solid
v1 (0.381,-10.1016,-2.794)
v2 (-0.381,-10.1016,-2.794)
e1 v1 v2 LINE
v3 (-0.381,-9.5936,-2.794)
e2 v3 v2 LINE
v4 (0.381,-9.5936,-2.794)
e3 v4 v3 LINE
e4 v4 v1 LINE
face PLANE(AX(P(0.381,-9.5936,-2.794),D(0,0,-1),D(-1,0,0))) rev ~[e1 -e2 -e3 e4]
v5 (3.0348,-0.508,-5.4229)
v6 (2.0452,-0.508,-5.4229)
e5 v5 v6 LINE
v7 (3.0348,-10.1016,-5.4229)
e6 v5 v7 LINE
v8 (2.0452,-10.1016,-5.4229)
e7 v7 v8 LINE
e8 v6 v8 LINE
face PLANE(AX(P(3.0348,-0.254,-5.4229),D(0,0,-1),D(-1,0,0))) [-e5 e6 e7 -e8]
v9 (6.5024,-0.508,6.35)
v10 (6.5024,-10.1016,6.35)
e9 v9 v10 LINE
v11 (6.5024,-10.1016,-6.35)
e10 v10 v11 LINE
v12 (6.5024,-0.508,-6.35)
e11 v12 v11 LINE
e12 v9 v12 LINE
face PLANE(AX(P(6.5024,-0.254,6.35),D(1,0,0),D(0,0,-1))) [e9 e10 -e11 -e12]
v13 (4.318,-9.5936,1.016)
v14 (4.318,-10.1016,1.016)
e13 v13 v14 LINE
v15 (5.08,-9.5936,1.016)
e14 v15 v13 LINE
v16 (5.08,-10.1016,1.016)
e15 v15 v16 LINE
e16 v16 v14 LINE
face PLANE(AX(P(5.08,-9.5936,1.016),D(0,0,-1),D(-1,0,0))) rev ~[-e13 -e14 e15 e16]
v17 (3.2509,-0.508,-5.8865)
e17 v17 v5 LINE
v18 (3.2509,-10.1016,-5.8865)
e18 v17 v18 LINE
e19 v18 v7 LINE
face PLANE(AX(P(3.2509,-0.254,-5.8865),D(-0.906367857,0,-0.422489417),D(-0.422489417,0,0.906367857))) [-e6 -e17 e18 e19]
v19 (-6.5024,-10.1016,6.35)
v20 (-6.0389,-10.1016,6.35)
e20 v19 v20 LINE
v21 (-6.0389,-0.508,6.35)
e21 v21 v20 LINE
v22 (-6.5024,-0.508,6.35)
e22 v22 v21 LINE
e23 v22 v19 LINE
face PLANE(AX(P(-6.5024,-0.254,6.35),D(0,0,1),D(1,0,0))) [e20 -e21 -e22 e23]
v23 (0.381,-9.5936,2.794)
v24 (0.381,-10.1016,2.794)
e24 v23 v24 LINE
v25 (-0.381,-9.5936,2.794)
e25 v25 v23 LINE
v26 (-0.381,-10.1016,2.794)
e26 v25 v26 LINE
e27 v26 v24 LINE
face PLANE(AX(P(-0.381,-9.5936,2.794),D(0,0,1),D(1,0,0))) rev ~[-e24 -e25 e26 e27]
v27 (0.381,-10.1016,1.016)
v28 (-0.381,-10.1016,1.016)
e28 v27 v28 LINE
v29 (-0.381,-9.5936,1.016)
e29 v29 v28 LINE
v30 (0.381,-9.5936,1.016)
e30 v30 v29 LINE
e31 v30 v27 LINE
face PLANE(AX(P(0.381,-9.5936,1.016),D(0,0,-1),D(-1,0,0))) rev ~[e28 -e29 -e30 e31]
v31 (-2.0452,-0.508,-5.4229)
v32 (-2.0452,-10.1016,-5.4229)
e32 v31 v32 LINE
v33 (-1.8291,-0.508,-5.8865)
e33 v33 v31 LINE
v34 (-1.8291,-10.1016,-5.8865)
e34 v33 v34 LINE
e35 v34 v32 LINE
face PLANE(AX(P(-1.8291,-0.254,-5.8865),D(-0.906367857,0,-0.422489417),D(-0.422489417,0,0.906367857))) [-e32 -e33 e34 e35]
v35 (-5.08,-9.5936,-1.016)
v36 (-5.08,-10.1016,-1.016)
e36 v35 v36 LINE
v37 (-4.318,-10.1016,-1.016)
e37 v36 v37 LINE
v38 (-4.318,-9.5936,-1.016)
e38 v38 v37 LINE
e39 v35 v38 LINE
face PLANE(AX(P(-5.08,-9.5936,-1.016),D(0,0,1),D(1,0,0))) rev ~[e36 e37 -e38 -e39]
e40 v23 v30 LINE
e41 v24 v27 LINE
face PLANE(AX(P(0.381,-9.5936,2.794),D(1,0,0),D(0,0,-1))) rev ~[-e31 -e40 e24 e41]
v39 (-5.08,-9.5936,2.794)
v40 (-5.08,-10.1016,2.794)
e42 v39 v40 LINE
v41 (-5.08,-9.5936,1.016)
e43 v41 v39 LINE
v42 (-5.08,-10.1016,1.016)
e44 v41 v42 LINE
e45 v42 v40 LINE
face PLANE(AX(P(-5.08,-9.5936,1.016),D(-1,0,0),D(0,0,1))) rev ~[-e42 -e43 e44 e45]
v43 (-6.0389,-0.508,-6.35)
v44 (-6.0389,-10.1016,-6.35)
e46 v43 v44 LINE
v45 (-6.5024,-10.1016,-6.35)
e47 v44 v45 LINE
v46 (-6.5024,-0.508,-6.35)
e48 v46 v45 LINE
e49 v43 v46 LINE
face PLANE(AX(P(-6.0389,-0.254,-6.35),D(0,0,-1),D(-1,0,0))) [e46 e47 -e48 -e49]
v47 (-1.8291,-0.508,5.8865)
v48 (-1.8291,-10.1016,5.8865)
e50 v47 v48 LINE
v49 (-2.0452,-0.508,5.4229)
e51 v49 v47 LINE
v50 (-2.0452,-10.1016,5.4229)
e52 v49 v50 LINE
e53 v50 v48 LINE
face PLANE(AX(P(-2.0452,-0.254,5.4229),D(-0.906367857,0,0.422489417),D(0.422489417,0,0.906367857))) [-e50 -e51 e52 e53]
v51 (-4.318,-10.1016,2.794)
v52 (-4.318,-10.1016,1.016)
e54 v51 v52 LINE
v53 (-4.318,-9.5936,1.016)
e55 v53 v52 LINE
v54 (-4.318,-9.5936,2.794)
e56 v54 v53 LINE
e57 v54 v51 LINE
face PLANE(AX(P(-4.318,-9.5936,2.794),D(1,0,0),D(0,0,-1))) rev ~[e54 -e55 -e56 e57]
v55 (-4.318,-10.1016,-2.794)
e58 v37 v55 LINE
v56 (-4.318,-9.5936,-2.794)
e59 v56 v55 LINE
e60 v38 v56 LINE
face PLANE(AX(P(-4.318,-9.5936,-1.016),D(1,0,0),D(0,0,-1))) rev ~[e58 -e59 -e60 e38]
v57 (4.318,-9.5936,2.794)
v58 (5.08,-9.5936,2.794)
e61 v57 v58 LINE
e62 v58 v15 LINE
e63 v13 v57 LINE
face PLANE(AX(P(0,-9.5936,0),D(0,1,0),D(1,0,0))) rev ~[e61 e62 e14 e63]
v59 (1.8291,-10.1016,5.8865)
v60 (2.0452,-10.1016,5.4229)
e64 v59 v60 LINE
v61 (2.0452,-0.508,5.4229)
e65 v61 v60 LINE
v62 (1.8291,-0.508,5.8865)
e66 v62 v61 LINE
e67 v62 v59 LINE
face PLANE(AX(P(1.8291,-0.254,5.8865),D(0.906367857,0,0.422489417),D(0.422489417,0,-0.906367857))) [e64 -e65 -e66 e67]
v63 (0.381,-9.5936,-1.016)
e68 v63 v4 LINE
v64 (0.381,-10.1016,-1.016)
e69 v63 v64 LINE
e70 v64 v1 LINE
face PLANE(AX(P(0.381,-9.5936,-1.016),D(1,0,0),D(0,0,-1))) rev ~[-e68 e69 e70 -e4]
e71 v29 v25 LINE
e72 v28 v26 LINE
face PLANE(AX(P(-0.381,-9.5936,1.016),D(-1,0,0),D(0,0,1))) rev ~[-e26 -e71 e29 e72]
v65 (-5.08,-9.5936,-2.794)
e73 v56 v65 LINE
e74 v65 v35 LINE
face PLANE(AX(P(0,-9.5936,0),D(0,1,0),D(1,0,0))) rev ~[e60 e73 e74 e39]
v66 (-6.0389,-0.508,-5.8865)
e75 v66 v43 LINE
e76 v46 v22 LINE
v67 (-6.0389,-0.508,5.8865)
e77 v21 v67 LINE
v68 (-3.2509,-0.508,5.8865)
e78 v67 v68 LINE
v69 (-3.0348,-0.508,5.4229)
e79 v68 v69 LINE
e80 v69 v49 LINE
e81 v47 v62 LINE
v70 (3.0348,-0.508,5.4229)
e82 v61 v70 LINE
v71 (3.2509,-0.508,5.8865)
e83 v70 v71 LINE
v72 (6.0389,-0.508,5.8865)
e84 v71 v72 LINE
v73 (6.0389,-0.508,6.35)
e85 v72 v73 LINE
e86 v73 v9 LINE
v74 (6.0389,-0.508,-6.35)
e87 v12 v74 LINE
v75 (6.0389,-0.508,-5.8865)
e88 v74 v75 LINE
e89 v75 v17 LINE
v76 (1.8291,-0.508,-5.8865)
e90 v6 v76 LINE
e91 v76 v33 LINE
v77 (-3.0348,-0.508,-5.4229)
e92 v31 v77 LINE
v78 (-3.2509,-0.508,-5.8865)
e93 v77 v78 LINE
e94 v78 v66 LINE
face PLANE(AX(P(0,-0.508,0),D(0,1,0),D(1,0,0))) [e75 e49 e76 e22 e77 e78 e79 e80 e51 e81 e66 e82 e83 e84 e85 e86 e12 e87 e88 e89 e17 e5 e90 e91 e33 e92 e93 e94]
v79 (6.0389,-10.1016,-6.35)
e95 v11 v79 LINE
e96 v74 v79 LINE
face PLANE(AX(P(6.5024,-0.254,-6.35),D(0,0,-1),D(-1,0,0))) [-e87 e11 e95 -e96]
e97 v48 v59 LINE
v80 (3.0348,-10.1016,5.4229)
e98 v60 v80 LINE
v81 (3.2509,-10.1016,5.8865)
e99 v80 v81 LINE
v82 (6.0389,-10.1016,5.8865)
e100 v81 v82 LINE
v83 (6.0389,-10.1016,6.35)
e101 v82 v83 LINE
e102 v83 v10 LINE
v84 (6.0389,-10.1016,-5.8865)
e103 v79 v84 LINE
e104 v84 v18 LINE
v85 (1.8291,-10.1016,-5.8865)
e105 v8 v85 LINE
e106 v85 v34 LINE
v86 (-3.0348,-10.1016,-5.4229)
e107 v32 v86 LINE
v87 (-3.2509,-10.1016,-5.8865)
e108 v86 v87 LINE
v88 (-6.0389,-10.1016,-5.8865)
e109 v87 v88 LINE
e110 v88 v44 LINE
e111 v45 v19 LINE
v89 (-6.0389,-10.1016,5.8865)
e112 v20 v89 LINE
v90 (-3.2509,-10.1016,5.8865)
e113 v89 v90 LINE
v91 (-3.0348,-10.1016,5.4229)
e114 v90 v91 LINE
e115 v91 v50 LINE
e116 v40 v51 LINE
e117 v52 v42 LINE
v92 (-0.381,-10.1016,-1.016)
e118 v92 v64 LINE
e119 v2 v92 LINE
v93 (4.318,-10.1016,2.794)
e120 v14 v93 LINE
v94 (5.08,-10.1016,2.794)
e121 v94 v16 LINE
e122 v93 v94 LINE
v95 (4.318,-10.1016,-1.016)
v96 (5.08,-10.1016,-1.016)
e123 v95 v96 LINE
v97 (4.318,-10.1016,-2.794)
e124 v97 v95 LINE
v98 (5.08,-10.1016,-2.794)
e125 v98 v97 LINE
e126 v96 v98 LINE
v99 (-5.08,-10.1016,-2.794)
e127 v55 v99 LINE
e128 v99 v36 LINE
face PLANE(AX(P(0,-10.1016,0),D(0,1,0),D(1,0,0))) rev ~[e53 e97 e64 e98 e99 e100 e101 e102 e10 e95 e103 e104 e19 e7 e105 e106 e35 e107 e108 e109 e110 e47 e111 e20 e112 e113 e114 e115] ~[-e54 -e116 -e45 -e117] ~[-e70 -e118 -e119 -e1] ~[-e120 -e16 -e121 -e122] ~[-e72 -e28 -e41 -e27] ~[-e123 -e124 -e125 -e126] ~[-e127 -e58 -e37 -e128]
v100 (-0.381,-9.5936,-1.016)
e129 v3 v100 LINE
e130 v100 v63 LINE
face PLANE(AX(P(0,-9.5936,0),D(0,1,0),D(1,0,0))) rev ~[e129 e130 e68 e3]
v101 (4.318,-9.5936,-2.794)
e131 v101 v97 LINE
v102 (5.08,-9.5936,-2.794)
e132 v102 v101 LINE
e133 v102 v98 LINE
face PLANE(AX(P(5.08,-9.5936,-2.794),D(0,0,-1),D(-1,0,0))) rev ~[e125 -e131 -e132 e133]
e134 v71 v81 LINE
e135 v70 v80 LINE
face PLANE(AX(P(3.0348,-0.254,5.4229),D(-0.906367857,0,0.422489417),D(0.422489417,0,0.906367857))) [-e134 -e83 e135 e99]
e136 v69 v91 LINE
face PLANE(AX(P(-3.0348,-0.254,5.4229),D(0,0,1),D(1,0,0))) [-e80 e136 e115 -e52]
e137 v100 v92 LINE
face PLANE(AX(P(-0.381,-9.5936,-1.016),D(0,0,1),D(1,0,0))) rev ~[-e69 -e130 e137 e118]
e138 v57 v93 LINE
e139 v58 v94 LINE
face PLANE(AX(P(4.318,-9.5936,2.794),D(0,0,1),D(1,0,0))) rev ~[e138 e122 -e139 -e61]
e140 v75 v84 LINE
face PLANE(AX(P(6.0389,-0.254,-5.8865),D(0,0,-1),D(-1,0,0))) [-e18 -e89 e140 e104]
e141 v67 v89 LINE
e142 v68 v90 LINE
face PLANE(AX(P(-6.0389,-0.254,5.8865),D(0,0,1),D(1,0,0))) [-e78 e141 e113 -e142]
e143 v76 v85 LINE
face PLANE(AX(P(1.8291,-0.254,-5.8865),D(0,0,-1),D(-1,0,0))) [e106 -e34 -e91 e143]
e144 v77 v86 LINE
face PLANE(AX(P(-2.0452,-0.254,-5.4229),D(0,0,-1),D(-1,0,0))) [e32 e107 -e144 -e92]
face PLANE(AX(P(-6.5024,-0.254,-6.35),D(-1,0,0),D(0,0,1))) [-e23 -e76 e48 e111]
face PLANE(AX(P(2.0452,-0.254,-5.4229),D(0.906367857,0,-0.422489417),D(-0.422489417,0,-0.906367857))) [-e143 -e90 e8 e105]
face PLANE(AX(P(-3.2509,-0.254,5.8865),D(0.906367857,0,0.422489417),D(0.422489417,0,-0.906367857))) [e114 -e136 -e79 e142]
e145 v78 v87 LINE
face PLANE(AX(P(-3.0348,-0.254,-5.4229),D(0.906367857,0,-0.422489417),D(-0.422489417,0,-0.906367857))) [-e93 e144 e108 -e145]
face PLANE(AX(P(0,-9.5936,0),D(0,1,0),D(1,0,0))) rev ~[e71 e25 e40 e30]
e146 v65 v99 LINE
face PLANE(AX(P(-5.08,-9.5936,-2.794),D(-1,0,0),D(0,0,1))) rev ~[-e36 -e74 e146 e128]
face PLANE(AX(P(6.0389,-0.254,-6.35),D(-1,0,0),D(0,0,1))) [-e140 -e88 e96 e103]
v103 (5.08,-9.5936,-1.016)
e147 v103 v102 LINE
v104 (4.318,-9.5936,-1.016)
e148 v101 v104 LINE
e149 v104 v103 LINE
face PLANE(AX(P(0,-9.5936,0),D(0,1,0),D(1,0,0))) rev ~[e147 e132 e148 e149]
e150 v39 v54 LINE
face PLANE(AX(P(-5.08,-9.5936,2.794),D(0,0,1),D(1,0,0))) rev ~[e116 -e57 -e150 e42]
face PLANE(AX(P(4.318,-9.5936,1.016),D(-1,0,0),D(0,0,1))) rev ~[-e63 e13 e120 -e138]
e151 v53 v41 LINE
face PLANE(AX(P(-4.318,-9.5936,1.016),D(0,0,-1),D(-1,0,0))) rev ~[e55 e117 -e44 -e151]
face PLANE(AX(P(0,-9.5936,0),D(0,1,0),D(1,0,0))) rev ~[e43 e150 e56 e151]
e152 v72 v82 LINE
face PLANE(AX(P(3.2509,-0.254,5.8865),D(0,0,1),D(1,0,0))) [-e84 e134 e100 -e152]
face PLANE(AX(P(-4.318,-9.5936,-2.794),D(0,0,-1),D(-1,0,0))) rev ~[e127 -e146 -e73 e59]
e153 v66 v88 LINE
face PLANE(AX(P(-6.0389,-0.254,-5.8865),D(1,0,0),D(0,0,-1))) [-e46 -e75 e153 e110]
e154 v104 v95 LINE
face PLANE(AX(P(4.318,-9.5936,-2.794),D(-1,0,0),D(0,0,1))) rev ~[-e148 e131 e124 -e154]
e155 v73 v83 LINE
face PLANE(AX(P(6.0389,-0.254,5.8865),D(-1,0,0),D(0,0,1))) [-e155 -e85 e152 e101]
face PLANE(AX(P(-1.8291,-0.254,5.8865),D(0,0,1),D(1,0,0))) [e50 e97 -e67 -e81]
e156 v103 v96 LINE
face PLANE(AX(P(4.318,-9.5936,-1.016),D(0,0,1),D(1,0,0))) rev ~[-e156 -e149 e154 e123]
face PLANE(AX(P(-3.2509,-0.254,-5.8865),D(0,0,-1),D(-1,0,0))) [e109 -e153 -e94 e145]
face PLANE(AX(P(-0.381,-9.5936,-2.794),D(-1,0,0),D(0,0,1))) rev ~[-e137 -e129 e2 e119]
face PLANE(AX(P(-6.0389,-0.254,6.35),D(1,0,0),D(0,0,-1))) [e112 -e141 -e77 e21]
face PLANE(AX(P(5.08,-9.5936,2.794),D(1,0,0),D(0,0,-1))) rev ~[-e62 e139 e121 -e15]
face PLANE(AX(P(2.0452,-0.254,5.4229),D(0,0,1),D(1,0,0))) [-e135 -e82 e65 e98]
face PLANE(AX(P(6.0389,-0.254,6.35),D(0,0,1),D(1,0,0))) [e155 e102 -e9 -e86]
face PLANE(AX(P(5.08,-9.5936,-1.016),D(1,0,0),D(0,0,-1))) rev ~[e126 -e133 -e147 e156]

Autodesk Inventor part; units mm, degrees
sketch "Sketch_2" plane through (0, -0.254, 0) normal (0, 1, 0) x (1, 0, 0)
  line L0 (-6.5024, -6.35) -> (-6.0389, -6.35)
  line L1 (-6.0389, -6.35) -> (-6.0389, -5.8865)
  line L2 (-6.0389, -5.8865) -> (-3.2509, -5.8865)
  line L3 (-3.2509, -5.8865) -> (-3.0348, -5.4229)
  line L4 (-3.0348, -5.4229) -> (-2.0452, -5.4229)
  line L5 (-2.0452, -5.4229) -> (-1.8291, -5.8865)
  line L6 (-1.8291, -5.8865) -> (1.8291, -5.8865)
  line L7 (1.8291, -5.8865) -> (2.0452, -5.4229)
  line L8 (2.0452, -5.4229) -> (3.0348, -5.4229)
  line L9 (3.0348, -5.4229) -> (3.2509, -5.8865)
  line L10 (3.2509, -5.8865) -> (6.0389, -5.8865)
  line L11 (6.0389, -5.8865) -> (6.0389, -6.35)
  line L12 (6.0389, -6.35) -> (6.5024, -6.35)
  line L13 (6.5024, -6.35) -> (6.5024, 6.35)
  line L14 (6.5024, 6.35) -> (6.0389, 6.35)
  line L15 (6.0389, 6.35) -> (6.0389, 5.8865)
  line L16 (6.0389, 5.8865) -> (3.2509, 5.8865)
  line L17 (3.2509, 5.8865) -> (3.0348, 5.4229)
  line L18 (3.0348, 5.4229) -> (2.0452, 5.4229)
  line L19 (2.0452, 5.4229) -> (1.8291, 5.8865)
  line L20 (1.8291, 5.8865) -> (-1.8291, 5.8865)
  line L21 (-1.8291, 5.8865) -> (-2.0452, 5.4229)
  line L22 (-2.0452, 5.4229) -> (-3.0348, 5.4229)
  line L23 (-3.0348, 5.4229) -> (-3.2509, 5.8865)
  line L24 (-3.2509, 5.8865) -> (-6.0389, 5.8865)
  line L25 (-6.0389, 5.8865) -> (-6.0389, 6.35)
  line L26 (-6.0389, 6.35) -> (-6.5024, 6.35)
  line L27 (-6.5024, 6.35) -> (-6.5024, -6.35)
extrude "Extrusion1" add sketch "Sketch_2" against normal blind 9.8476
sketch "Sketch_8" plane through (0, -9.5936, 0) normal (0, 1, 0) x (1, 0, 0)
  line L0 (-5.08, -2.794) -> (-4.318, -2.794)
  line L1 (-4.318, -2.794) -> (-4.318, -1.016)
  line L2 (-4.318, -1.016) -> (-5.08, -1.016)
  line L3 (-5.08, -1.016) -> (-5.08, -2.794)
extrude "Extrusion2" cut sketch "Sketch_8" against normal blind 25.4
sketch "Sketch_5" plane through (0, -9.5936, 0) normal (0, 1, 0) x (1, 0, 0)
  line L0 (-0.381, -2.794) -> (0.381, -2.794)
  line L1 (0.381, -2.794) -> (0.381, -1.016)
  line L2 (0.381, -1.016) -> (-0.381, -1.016)
  line L3 (-0.381, -1.016) -> (-0.381, -2.794)
extrude "Extrusion3" cut sketch "Sketch_5" against normal blind 25.4
sketch "Sketch_9" plane through (0, -9.5936, 0) normal (0, 1, 0) x (1, 0, 0)
  line L0 (4.318, -2.794) -> (5.08, -2.794)
  line L1 (5.08, -2.794) -> (5.08, -1.016)
  line L2 (5.08, -1.016) -> (4.318, -1.016)
  line L3 (4.318, -1.016) -> (4.318, -2.794)
extrude "Extrusion4" cut sketch "Sketch_9" against normal blind 25.4
sketch "Sketch_10" plane through (0, -9.5936, 0) normal (0, 1, 0) x (1, 0, 0)
  line L0 (-5.08, 1.016) -> (-4.318, 1.016)
  line L1 (-4.318, 1.016) -> (-4.318, 2.794)
  line L2 (-4.318, 2.794) -> (-5.08, 2.794)
  line L3 (-5.08, 2.794) -> (-5.08, 1.016)
extrude "Extrusion5" cut sketch "Sketch_10" against normal blind 25.4
sketch "Sketch_11" plane through (0, -9.5936, 0) normal (0, 1, 0) x (1, 0, 0)
  line L0 (-0.381, 1.016) -> (0.381, 1.016)
  line L1 (0.381, 1.016) -> (0.381, 2.794)
  line L2 (0.381, 2.794) -> (-0.381, 2.794)
  line L3 (-0.381, 2.794) -> (-0.381, 1.016)
extrude "Extrusion6" cut sketch "Sketch_11" against normal blind 25.4
sketch "Sketch_12" plane through (0, -9.5936, 0) normal (0, 1, 0) x (1, 0, 0)
  line L0 (4.318, 1.016) -> (5.08, 1.016)
  line L1 (5.08, 1.016) -> (5.08, 2.794)
  line L2 (5.08, 2.794) -> (4.318, 2.794)
  line L3 (4.318, 2.794) -> (4.318, 1.016)
extrude "Extrusion7" cut sketch "Sketch_12" against normal blind 25.4
sketch "Sketch_19" plane through (0, -0.254, 0) normal (0, 1, 0) x (1, 0, 0)
  line L0 (-6.5024, -6.35) -> (-6.0389, -6.35)
  line L1 (-6.0389, -6.35) -> (-6.0389, -5.8865)
  line L2 (-6.0389, -5.8865) -> (-3.2509, -5.8865)
  line L3 (-3.2509, -5.8865) -> (-3.0348, -5.4229)
  line L4 (-3.0348, -5.4229) -> (-2.0452, -5.4229)
  line L5 (-2.0452, -5.4229) -> (-1.8291, -5.8865)
  line L6 (-1.8291, -5.8865) -> (1.8291, -5.8865)
  line L7 (1.8291, -5.8865) -> (2.0452, -5.4229)
  line L8 (2.0452, -5.4229) -> (3.0348, -5.4229)
  line L9 (3.0348, -5.4229) -> (3.2509, -5.8865)
  line L10 (3.2509, -5.8865) -> (6.0389, -5.8865)
  line L11 (6.0389, -5.8865) -> (6.0389, -6.35)
  line L12 (6.0389, -6.35) -> (6.5024, -6.35)
  line L13 (6.5024, -6.35) -> (6.5024, 6.35)
  line L14 (6.5024, 6.35) -> (6.0389, 6.35)
  line L15 (6.0389, 6.35) -> (6.0389, 5.8865)
  line L16 (6.0389, 5.8865) -> (3.2509, 5.8865)
  line L17 (3.2509, 5.8865) -> (3.0348, 5.4229)
  line L18 (3.0348, 5.4229) -> (2.0452, 5.4229)
  line L19 (2.0452, 5.4229) -> (1.8291, 5.8865)
  line L20 (1.8291, 5.8865) -> (-1.8291, 5.8865)
  line L21 (-1.8291, 5.8865) -> (-2.0452, 5.4229)
  line L22 (-2.0452, 5.4229) -> (-3.0348, 5.4229)
  line L23 (-3.0348, 5.4229) -> (-3.2509, 5.8865)
  line L24 (-3.2509, 5.8865) -> (-6.0389, 5.8865)
  line L25 (-6.0389, 5.8865) -> (-6.0389, 6.35)
  line L26 (-6.0389, 6.35) -> (-6.5024, 6.35)
  line L27 (-6.5024, 6.35) -> (-6.5024, -6.35)
extrude "Extrusion8" cut sketch "Sketch_19" against normal blind 0.254
ref_plane "rot_XY" through (0, 6.6675, 0) normal (0, 0, 1) x (1, 0, 0)
ref_plane "rot_YZ" through (0, 6.6675, 0) normal (1, 0, 0) x (0, 1, 0)
ref_plane "rot_ZX" through (0, 6.6675, 0) normal (0, 1, 0) x (0, 0, 1)
ref_plane "to_cover_XY" through (0, -0.254, 0) normal (0, 1, 0) x (1, 0, 0)
ref_plane "to_cover_YZ" through (0, -0.254, 0) normal (1, 0, 0) x (0, 0, -1)
ref_plane "to_cover_ZX" through (0, -0.254, 0) normal (0, 0, -1) x (0, 1, 0)
ref_plane "to_terminals_XY" through (0, -9.5936, 0) normal (0, -1, 0) x (1, 0, 0)
ref_plane "to_terminals_YZ" through (0, -9.5936, 0) normal (1, 0, 0) x (0, 0, 1)
ref_plane "to_terminals_ZX" through (0, -9.5936, 0) normal (0, 0, 1) x (0, -1, 0)
properties part number "M20_ang2830TX-switch"
